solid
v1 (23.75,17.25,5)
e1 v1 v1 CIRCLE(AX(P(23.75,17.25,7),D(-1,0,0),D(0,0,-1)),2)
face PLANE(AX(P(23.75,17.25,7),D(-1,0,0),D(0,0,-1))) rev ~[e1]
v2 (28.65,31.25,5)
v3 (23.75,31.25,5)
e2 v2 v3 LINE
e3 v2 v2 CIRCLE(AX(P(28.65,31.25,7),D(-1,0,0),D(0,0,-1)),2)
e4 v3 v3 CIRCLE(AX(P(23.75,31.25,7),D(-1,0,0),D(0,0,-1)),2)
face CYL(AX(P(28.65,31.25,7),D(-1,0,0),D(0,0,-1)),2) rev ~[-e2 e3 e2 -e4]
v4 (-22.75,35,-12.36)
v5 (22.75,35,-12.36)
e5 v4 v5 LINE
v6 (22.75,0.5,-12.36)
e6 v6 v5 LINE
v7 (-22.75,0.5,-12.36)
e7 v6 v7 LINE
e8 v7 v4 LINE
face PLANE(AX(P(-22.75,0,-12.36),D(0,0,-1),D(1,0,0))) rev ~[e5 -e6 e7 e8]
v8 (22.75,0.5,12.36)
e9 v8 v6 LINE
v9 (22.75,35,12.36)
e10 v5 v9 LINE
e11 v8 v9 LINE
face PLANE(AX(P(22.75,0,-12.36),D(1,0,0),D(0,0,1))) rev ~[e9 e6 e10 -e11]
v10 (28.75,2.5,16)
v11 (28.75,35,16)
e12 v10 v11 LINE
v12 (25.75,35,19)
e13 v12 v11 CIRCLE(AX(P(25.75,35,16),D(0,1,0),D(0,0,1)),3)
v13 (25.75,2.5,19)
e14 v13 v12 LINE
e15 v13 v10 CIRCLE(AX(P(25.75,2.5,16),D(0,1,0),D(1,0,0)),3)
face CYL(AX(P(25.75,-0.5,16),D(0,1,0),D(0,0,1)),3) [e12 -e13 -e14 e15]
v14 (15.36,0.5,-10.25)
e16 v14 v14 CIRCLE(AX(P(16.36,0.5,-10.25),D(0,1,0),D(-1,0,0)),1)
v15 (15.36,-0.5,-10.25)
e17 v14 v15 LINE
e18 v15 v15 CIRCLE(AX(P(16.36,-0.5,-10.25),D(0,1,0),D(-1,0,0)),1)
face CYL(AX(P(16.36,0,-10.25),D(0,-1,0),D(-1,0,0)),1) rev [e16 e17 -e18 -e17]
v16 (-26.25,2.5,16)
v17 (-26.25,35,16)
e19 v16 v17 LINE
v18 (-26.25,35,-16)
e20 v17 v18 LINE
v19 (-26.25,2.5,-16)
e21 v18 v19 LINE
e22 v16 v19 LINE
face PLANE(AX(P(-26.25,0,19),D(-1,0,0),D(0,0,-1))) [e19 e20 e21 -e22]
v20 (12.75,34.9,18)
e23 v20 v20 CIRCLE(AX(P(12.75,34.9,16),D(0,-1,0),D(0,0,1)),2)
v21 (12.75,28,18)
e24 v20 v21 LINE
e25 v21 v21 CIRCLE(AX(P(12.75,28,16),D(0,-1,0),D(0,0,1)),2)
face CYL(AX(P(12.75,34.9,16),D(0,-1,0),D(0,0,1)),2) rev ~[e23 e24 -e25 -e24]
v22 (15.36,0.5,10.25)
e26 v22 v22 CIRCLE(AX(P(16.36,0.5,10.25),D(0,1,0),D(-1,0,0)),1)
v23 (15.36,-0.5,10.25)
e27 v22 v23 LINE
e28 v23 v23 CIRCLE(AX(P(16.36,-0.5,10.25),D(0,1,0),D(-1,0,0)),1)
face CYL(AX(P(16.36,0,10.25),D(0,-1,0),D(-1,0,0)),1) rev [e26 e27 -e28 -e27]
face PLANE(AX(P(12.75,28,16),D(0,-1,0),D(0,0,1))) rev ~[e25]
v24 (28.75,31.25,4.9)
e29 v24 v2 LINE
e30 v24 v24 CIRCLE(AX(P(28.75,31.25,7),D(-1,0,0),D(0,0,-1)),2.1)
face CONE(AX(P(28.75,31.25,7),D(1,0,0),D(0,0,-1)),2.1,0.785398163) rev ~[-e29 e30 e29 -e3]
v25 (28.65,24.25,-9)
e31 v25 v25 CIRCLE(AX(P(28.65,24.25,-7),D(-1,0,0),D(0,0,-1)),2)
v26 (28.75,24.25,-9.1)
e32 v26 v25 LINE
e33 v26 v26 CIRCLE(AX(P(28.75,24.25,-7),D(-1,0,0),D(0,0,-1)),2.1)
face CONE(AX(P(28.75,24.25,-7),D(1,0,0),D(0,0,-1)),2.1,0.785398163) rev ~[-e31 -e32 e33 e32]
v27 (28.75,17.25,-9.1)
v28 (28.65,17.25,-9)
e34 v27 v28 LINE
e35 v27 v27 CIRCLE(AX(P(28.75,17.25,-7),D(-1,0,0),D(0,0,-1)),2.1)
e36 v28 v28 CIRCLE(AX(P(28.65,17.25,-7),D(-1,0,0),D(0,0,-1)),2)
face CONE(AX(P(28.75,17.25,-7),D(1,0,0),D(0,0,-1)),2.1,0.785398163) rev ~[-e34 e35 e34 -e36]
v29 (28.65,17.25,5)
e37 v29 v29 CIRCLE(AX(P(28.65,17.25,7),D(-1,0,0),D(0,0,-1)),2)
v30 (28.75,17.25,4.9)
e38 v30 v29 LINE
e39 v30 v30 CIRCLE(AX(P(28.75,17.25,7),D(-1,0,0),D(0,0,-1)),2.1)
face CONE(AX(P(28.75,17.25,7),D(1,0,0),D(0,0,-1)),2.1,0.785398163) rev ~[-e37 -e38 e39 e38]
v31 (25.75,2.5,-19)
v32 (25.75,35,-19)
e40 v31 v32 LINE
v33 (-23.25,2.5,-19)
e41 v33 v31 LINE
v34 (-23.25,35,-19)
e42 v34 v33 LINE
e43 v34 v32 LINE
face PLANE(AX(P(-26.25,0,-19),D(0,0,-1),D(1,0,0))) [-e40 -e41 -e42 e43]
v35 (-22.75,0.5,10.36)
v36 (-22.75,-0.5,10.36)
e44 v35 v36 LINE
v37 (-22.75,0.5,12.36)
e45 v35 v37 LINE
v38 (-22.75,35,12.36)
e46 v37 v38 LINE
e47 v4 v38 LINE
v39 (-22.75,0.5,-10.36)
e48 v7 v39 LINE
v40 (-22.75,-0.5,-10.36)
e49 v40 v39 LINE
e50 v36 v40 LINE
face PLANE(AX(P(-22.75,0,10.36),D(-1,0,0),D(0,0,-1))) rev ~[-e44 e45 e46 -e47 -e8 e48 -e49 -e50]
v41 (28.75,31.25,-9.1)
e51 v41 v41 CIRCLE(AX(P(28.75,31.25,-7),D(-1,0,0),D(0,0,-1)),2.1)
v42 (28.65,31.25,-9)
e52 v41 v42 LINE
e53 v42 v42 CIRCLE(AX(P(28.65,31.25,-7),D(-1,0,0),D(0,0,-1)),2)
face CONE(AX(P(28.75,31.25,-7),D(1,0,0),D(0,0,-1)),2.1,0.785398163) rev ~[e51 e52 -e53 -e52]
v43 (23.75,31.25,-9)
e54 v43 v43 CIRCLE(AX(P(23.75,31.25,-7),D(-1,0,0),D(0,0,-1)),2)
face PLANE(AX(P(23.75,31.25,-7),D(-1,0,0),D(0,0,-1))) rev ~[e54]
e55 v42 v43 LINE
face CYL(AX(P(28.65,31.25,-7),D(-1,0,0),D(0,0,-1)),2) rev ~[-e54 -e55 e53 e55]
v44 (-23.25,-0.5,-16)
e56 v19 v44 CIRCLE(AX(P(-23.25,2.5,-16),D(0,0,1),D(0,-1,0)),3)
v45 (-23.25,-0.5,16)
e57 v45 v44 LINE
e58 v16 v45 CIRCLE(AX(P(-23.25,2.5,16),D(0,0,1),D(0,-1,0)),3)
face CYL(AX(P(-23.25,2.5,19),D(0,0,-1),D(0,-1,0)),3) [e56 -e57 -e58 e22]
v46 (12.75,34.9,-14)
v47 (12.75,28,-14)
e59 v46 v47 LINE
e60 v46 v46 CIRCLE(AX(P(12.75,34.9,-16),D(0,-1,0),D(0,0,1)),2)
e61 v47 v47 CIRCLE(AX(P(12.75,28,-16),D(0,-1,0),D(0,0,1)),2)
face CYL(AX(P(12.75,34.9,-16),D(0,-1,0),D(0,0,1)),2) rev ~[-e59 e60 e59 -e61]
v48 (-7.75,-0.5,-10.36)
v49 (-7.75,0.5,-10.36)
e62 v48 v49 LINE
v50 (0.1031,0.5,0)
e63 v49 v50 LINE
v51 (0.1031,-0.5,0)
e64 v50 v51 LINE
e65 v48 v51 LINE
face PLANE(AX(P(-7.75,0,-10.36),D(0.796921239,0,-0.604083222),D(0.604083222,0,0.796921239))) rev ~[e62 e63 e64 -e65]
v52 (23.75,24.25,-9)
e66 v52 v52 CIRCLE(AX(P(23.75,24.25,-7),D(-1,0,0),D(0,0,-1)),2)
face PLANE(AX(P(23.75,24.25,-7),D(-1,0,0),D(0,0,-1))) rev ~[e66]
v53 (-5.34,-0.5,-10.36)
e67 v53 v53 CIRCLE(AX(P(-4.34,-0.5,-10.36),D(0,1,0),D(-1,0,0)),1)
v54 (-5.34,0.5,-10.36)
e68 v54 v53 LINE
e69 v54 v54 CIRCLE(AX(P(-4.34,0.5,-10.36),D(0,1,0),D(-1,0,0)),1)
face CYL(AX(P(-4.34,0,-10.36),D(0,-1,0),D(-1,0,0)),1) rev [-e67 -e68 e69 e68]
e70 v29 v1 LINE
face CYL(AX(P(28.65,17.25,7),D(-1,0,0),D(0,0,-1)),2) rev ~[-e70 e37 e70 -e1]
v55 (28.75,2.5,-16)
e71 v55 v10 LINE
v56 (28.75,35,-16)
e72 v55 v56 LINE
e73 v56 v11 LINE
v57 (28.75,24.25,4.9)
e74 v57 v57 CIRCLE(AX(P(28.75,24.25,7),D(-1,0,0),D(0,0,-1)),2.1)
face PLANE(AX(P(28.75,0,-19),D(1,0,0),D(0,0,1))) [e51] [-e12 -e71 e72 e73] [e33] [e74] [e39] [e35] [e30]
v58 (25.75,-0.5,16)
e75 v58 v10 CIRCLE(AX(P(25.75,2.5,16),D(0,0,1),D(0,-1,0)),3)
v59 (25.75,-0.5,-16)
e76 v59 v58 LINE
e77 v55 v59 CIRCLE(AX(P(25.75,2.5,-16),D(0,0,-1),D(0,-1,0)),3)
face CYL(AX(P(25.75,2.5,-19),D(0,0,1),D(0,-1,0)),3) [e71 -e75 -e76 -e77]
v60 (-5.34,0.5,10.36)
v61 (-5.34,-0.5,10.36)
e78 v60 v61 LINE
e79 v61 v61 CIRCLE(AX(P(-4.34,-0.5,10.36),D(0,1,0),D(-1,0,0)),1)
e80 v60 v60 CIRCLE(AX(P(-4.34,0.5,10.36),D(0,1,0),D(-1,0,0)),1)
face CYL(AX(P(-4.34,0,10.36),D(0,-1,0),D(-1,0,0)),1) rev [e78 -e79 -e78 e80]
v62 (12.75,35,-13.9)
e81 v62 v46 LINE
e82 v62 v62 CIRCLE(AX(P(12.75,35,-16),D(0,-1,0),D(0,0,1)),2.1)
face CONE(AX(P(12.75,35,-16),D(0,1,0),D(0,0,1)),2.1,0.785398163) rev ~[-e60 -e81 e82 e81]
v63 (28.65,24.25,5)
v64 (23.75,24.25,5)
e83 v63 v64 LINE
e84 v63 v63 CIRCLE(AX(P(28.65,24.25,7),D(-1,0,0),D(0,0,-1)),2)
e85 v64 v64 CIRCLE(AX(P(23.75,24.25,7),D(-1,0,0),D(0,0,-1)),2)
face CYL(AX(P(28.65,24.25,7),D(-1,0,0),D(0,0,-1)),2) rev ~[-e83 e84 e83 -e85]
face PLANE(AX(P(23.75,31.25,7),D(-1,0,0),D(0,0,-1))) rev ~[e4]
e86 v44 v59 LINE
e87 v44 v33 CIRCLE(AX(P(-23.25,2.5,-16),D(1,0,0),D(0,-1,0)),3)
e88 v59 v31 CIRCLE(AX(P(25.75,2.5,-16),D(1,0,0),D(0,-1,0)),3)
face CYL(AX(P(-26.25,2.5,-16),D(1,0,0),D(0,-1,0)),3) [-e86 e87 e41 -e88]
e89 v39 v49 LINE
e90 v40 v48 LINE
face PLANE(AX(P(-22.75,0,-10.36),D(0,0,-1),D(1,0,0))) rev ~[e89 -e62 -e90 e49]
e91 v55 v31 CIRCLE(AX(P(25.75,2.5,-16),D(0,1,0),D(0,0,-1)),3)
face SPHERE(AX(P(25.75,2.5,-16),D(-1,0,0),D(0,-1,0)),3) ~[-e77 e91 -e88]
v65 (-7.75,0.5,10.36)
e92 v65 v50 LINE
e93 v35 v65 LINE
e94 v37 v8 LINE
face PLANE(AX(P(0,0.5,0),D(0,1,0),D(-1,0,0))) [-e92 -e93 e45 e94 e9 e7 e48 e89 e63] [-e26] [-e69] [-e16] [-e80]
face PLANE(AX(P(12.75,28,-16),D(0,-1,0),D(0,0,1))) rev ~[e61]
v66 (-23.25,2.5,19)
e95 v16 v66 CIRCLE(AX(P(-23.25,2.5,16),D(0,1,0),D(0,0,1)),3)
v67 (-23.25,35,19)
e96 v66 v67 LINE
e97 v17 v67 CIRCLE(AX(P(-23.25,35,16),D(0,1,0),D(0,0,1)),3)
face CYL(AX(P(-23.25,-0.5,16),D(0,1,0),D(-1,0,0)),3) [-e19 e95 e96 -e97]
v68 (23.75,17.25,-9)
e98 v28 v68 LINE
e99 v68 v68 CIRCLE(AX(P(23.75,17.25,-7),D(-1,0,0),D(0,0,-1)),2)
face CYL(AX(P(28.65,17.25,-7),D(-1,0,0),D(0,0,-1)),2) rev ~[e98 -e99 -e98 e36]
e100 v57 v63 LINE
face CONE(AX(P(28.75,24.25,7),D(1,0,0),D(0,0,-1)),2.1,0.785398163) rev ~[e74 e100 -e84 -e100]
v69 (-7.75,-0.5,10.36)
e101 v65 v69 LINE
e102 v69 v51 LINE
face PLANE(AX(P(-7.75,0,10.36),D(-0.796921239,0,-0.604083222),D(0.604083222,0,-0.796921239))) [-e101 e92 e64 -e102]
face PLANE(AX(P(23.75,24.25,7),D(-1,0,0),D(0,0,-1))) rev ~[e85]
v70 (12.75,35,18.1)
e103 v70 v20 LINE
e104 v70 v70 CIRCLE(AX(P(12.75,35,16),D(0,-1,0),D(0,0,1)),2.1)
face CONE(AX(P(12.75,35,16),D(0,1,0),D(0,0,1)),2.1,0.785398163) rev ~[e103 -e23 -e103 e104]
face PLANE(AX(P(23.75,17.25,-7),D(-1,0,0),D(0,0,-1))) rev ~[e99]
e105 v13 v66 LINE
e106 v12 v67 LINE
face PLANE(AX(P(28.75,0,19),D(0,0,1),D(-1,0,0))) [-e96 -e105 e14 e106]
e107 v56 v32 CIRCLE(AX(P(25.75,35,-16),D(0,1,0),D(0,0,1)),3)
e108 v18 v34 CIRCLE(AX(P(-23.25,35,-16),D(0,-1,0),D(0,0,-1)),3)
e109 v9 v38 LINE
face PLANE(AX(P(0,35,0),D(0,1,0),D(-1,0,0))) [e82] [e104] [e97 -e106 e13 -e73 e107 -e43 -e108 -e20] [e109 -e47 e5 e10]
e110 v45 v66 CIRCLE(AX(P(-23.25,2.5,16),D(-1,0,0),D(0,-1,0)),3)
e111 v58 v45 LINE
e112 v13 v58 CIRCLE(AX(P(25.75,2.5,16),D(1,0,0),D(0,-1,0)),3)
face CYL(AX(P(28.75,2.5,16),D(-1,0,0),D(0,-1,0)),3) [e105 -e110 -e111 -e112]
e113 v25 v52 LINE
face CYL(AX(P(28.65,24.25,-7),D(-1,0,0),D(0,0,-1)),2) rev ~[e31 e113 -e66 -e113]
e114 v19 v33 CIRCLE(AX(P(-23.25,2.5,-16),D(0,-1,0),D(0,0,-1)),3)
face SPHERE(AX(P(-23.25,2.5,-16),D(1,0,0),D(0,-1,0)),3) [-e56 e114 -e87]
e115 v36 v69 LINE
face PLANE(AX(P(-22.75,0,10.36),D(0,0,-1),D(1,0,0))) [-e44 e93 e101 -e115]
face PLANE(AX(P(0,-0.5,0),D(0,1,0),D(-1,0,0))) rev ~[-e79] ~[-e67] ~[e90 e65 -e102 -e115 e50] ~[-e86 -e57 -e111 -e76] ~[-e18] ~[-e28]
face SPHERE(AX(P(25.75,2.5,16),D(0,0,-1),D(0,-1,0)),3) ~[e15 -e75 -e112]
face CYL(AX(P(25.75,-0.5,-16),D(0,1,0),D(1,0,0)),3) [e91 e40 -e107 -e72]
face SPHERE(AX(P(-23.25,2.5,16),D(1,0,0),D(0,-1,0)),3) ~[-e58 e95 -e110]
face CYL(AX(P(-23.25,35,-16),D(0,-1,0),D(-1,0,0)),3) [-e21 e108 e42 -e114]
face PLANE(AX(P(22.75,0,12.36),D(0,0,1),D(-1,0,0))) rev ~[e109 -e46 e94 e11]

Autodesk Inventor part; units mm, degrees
ref_plane "YZ Plane" through (0, 0, 0) normal (1, 0, 0) x (0, 1, 0)
ref_plane "XZ Plane" through (0, 0, 0) normal (0, 1, 0) x (-1, 0, 0)
ref_plane "XY Plane" through (0, 0, 0) normal (0, 0, 1) x (1, 0, 0)
sketch "Sketch1" plane through (0, 0, 0) normal (0, 1, 0) x (-1, 0, 0)
  line L0 (22.75, -10.36) -> (7.75, -10.36)
  line L1 (7.75, -10.36) -> (-0.1031, 0)
  circle A0 centre (4.34, -10.36) radius 1
  line L2 (22.75, 10.36) -> (7.75, 10.36)
  circle A1 centre (12.64, 0) radius 9.6 construction
  line L3 (22.75, 12.36) -> (22.75, -12.36)
  circle A2 centre (4.34, 10.36) radius 1
  line L4 (7.75, 10.36) -> (-0.1031, 0)
  line L5 (26.25, 19) -> (26.25, -19)
  line L6 (22.75, -12.36) -> (-22.75, -12.36)
  line L7 (22.75, 0) -> (-22.75, 0) construction
  line L8 (26.25, -19) -> (-28.75, -19)
  line L9 (26.25, -19) -> (-28.75, 19) construction
  line L10 (-28.75, -19) -> (26.25, 19) construction
  line L11 (-22.75, 12.36) -> (22.75, 12.36)
  line L12 (-28.75, 19) -> (26.25, 19)
  line L13 (-28.75, -19) -> (-28.75, 19)
  circle A3 centre (-16.36, 10.25) radius 1
  line L14 (-22.75, -12.36) -> (-22.75, 12.36)
  circle A4 centre (-16.36, -10.25) radius 1
  point P0 (0, 0)
  point P1 (-1.25, 0)
  point P2 (0, 0)
  point P3 (22.75, -10.36)
  dimension "d0" = 55
  dimension "d1" = 38
  dimension "d2" = 45.5
  dimension "d3" = 24.72
  dimension "d4" = 2
  dimension "d6" = 18.41
  dimension "d7" = 20.5
  dimension "d8" = 19.2
  dimension "d9" = 10.11
  dimension "d10" = 13
  dimension "d11" = 15
  dimension "d12" = 3.5
  dimension "d13" = 2
  dimension "d68" = 3.41
  dimension "d69" = 20.7
extrude "Extrusion1" add sketch "Sketch1" along normal mid plane 1 contours L3 L6 L14 L11 L2 L4 L1 L0 | L5 L8 L13 L12
extrude "Extrusion2" add sketch "Sketch1" along normal blind 35 contours L5 L8 L13 L12
fillet "Fillet1" radius 3 8 edges at (1.25, -0.5, -19) (28.75, -0.5, 0) (1.25, -0.5, 19) (-26.25, -0.5, 0) (28.75, 17.25, -19) (28.75, 17.25, 19) (-26.25, 17.25, 19) (-26.25, 17.25, -19)
sketch "Sketch6" plane through (28.75, 2.5, 16) normal (1, 0, 0) x (0, 0, -1)
  circle A0 centre (23, 14.75) radius 1.5
  line L0 (0, 32.5) -> (32, 32.5) projected
  line L1 (16, 32.5) -> (16, 0)
  line L2 (32, 0) -> (0, 0) projected
  line L3 (16, 39.5) -> (16, 7)
  circle A1 centre (23, 21.75) radius 1.5
  line L4 (16, 46.5) -> (16, 14)
  circle A2 centre (23, 28.75) radius 1.5
  line L5 (2, 32.5) -> (2, 0)
  circle A3 centre (9, 14.75) radius 1.5
  line L6 (2, 39.5) -> (2, 7)
  circle A4 centre (9, 21.75) radius 1.5
  line L7 (2, 46.5) -> (2, 14)
  circle A5 centre (9, 28.75) radius 1.5
  point P0 (16, -2.5)
  dimension "d50" = 3
  dimension "d54" = 7
  dimension "d57" = 14
  dimension "d70" = 3.75
hole "Hole2" at (28.75, 31.25, 7) at (28.75, 31.25, -7) at (28.75, 24.25, -7) at (28.75, 24.25, 7) at (28.75, 17.25, 7) at (28.75, 17.25, -7) direction (-1, 0, 0) diameter 4 depth 5 countersink diameter 4.2 countersink angle 90
sketch "Sketch7" plane through (0, 35, 0) normal (0, 1, 0) x (1, 0, 0)
  line L0 (-26.25, 16) -> (-26.25, -16) projected
  line L1 (-26.25, 0) -> (28.75, 0)
  line L2 (28.75, -16) -> (28.75, 16) projected
  line L3 (-23.25, -16) -> (25.75, -16) projected
  circle A0 centre (12.75, -16) radius 1.5
  circle A1 centre (12.75, 16) radius 1.5
  point P0 (0, 0)
  dimension "d71" = 3
  dimension "d72" = 16
hole "Hole3" at (12.75, 35, 16) at (12.75, 35, -16) direction (0, -1, 0) diameter 4 depth 7 countersink diameter 4.2 countersink angle 90
properties part number "basketback" material "PCTG 20%"
